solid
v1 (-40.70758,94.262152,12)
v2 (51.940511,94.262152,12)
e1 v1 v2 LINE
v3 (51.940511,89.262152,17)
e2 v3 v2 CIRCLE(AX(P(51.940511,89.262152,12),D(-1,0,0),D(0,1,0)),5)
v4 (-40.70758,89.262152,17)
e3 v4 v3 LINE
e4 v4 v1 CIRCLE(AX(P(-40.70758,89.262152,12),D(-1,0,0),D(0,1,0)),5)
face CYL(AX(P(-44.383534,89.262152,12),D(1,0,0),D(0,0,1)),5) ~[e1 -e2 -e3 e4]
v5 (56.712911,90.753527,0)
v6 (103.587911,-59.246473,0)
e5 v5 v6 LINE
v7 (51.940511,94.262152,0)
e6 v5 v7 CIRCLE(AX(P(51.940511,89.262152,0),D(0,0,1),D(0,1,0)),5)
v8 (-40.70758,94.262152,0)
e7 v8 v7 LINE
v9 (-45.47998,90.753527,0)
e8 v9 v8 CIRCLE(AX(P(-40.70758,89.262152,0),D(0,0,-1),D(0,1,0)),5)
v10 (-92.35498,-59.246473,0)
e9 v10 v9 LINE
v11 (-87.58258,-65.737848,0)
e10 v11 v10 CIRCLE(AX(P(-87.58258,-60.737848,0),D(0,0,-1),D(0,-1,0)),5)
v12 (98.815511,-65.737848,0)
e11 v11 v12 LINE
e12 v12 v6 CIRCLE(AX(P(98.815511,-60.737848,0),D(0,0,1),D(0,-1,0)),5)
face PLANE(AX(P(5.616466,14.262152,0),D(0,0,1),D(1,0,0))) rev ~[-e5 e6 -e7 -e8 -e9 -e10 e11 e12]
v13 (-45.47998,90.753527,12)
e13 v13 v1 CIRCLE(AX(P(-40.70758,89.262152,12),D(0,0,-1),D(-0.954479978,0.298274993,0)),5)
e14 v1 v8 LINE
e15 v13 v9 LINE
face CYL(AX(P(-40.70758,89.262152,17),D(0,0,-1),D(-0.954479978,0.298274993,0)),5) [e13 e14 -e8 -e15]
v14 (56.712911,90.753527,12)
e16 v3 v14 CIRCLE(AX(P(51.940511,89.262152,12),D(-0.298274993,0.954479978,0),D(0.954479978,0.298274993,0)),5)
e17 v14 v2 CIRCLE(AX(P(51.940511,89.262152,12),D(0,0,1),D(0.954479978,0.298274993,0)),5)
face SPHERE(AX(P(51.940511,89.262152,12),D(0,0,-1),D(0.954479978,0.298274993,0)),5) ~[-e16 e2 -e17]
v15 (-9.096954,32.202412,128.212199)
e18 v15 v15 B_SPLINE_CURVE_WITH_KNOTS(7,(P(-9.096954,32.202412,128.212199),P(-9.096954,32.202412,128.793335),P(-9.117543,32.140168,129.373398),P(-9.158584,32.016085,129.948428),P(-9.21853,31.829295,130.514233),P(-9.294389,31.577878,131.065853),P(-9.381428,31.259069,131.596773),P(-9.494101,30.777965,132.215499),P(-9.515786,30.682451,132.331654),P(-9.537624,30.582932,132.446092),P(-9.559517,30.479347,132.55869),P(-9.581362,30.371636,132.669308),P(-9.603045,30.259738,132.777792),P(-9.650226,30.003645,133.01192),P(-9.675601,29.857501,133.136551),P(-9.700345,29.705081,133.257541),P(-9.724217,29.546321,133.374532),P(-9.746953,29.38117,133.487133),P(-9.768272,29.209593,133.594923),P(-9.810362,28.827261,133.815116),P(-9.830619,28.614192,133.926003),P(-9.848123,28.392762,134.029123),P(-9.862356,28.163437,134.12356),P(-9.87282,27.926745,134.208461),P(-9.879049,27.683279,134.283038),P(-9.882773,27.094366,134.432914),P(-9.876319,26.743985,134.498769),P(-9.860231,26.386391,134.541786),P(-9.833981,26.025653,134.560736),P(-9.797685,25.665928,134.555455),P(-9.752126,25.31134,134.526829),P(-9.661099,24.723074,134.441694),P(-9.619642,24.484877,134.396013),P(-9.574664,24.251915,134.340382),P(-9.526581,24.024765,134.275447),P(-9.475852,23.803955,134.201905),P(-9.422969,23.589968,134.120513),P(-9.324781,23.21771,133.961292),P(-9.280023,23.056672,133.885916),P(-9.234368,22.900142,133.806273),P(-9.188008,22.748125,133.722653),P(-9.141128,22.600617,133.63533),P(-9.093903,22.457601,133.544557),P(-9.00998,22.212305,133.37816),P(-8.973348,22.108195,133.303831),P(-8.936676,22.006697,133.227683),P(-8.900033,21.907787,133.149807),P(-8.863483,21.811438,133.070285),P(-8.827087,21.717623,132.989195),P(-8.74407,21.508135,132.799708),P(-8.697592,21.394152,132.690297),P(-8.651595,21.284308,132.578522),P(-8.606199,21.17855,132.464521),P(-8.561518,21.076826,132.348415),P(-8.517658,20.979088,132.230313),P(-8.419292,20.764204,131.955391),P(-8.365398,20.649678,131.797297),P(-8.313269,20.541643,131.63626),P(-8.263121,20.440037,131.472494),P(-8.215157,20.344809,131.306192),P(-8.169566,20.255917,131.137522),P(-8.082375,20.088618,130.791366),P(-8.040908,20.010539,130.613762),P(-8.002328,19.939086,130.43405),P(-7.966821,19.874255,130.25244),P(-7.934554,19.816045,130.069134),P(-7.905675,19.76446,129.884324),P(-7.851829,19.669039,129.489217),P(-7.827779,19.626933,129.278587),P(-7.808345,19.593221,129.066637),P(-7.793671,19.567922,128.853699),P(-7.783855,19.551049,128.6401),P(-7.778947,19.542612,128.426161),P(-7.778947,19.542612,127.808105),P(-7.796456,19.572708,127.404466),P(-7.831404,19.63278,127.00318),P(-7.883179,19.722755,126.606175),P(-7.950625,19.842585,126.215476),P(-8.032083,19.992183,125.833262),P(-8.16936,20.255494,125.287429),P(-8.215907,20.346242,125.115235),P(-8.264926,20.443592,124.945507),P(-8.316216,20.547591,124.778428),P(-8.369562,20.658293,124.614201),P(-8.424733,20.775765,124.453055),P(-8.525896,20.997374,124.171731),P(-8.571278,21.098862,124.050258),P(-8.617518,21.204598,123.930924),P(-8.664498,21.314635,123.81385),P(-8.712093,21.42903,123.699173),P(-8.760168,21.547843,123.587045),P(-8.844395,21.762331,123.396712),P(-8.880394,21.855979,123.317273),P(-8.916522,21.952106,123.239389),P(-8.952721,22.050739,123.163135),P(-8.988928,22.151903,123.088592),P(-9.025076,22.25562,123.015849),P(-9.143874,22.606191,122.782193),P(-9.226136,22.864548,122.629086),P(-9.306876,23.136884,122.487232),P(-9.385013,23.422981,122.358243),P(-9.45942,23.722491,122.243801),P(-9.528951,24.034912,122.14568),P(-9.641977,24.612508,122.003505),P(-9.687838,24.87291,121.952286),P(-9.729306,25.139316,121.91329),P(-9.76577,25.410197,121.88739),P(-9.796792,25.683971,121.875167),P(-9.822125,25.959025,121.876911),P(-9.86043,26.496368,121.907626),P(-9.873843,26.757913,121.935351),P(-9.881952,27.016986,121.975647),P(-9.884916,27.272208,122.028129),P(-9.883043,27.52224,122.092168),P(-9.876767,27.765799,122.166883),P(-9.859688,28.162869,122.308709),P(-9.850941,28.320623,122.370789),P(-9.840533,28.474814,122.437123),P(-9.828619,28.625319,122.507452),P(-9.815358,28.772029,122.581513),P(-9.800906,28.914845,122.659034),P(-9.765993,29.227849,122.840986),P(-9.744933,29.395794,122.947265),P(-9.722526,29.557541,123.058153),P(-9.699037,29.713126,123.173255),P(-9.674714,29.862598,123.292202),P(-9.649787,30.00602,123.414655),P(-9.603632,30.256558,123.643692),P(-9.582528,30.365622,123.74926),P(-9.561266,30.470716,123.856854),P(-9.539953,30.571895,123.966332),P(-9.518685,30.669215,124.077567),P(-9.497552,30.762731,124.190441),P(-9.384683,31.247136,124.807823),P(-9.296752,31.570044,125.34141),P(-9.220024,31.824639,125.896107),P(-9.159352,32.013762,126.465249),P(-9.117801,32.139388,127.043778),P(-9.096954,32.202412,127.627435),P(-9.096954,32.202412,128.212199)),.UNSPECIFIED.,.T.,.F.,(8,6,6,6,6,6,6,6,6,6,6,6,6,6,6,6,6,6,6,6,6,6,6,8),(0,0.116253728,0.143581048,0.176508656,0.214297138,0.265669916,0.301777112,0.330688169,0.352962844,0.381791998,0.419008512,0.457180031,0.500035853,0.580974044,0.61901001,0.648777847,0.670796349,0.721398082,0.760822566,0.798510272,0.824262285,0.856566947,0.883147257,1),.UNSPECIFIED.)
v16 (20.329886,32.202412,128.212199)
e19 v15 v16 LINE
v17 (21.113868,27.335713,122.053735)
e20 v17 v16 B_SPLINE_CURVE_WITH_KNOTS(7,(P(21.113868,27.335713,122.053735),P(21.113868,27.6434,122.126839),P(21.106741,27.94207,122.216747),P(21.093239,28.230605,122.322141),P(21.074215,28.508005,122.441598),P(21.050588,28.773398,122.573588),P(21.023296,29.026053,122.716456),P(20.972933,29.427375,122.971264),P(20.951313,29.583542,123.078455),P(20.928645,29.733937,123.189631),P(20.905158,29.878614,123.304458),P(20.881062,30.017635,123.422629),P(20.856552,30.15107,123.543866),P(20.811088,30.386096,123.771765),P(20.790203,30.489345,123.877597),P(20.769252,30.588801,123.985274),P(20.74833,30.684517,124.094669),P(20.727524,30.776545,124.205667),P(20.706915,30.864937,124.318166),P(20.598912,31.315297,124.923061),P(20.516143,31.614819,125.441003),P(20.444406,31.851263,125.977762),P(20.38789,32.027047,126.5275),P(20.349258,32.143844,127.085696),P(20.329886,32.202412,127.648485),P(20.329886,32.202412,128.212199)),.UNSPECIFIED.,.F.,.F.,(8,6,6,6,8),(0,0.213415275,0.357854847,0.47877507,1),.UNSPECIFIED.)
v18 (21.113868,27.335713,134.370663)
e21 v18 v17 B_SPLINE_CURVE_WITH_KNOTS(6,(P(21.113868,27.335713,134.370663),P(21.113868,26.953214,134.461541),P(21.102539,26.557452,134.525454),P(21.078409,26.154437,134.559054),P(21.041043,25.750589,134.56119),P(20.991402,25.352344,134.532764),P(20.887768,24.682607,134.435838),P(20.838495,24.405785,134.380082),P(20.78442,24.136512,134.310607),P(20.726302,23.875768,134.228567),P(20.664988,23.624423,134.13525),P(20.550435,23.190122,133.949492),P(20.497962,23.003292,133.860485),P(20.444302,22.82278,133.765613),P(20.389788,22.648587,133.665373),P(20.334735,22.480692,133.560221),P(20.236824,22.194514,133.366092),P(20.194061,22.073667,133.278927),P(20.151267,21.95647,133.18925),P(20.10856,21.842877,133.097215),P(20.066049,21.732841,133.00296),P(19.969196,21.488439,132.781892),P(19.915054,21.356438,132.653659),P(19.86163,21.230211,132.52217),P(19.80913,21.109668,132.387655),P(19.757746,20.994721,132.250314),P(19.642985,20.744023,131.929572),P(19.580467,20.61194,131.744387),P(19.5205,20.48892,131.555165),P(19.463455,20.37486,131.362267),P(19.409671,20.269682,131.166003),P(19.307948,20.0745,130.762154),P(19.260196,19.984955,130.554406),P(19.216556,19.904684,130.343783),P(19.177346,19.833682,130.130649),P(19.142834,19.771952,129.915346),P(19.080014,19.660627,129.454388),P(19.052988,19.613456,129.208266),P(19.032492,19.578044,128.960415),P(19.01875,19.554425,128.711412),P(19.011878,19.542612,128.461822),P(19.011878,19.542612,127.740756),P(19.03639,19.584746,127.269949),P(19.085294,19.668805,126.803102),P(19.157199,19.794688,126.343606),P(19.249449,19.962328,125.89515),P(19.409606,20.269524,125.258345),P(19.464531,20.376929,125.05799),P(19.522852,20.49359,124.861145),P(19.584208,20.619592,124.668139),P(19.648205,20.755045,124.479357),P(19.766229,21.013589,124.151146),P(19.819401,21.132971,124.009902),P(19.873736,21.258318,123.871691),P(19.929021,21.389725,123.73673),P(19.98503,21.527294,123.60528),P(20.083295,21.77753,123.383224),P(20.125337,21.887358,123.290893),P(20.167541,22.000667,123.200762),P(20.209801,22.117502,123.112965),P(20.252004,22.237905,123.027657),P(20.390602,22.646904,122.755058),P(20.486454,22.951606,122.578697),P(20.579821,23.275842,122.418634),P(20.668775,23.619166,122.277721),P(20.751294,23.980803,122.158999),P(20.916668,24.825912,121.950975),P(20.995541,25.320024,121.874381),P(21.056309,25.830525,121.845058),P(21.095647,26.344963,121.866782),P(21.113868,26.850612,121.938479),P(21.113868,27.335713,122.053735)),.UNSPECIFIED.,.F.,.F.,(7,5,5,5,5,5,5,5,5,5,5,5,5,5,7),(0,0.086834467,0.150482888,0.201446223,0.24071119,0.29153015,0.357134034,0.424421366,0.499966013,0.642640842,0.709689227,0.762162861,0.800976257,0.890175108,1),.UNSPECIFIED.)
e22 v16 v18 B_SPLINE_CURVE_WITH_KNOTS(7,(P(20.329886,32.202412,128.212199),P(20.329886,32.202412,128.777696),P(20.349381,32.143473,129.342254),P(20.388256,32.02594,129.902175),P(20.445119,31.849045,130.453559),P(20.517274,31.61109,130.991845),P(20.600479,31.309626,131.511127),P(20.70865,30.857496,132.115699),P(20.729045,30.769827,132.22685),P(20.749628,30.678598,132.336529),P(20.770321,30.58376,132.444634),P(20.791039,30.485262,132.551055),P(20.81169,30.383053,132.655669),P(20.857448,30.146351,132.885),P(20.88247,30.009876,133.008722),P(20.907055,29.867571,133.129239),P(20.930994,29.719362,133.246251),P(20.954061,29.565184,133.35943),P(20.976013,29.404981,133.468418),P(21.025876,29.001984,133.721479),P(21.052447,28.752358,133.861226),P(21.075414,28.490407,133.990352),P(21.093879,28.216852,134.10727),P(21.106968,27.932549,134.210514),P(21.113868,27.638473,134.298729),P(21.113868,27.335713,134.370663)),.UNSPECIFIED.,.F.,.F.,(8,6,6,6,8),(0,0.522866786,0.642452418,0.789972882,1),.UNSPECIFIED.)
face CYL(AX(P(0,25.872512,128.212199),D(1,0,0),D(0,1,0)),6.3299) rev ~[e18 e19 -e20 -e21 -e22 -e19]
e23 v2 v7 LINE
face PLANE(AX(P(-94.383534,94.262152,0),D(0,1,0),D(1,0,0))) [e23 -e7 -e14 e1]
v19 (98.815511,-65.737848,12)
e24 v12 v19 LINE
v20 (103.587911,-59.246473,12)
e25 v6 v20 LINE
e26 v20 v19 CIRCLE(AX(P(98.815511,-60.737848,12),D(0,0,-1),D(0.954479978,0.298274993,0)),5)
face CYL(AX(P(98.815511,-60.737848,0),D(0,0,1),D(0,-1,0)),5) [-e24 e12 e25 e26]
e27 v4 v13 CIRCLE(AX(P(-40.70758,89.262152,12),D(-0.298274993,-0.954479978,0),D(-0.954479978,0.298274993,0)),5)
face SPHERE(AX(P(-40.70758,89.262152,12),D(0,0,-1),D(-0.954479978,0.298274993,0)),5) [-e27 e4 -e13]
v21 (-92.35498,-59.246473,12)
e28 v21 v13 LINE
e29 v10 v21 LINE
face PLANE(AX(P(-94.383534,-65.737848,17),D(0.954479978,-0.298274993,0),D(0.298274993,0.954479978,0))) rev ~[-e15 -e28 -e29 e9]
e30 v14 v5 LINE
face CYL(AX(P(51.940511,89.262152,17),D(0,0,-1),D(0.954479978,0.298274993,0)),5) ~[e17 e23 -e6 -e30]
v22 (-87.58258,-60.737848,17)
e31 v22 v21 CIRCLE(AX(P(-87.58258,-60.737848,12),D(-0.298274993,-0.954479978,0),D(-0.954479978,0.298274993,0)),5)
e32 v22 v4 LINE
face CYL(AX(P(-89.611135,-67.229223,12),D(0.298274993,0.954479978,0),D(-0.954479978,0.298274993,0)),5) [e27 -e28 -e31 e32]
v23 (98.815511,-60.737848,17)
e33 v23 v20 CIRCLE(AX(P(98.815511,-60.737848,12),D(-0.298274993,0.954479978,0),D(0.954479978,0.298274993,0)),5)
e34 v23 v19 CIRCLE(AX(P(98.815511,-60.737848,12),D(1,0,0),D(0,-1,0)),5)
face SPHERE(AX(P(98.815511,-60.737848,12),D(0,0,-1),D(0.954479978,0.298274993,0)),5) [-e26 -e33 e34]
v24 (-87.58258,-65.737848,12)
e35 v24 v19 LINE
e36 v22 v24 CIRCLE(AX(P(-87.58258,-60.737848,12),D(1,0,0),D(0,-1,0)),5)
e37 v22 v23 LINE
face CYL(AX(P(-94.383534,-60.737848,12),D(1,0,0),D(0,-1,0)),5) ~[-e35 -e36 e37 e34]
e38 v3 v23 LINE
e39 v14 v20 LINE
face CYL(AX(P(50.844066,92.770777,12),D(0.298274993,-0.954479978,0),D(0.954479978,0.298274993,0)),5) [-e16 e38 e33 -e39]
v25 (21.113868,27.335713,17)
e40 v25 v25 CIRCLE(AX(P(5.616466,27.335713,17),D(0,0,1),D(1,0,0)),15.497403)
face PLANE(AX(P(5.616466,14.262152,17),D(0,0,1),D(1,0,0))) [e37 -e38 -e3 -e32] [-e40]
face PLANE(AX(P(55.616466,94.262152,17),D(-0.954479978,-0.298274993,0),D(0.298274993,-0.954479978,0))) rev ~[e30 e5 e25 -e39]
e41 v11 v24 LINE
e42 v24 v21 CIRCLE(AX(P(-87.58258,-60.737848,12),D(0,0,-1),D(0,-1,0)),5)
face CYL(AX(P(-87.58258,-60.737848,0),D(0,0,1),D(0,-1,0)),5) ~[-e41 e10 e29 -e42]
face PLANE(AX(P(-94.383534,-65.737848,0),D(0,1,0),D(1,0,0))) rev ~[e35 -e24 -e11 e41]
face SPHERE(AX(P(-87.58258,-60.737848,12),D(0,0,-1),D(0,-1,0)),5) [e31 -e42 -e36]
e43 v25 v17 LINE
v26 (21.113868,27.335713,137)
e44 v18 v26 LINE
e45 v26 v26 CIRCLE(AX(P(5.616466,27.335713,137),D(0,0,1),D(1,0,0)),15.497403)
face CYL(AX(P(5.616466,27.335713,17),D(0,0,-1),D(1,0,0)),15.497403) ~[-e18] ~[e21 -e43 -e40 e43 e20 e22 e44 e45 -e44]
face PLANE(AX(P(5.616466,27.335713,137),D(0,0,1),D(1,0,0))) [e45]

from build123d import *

# Parameters (mm, degrees)
F0_W     = 200
F0_H     = 160
F1_DEPTH = 17
F3_DEPTH = 17.001
F4_R     = 5
F5_R     = 15.4974026332
F6_DEPTH = 120
F7_R     = 6.3299000504
F8_DEPTH = 41.6


with BuildPart() as f1:
    # F0 (on Top) → F1 (new body)
    with BuildSketch(Plane.XY):
        with Locations((5.6164655834, 14.2621519414)):
            Rectangle(F0_W, F0_H)
    extrude(amount=F1_DEPTH)

    # F2 (on face) → F3 (cut, through all)
    with BuildSketch(Plane.XY.offset(17)):
        Polygon((-94.3835344166, 94.2621519414), (-94.3835344166, -65.7378480586), (-44.3835344166, 94.2621519414), align=None)
        Polygon((55.6164655834, 94.2621519414), (105.6164655834, -65.7378480586), (105.6164655834, 94.2621519414), align=None)
    extrude(amount=-F3_DEPTH, mode=Mode.SUBTRACT)

    # F4
    f4_edges = [f1.edges().sort_by_distance(p)[0] for p in [
        (-94.383534, -65.737848, 8.5),
        (105.616466, -65.737848, 8.5),
        (55.616466, 94.262152, 8.5),
        (-44.383534, 94.262152, 8.5),
        (80.616466, 14.262152, 17),
        (5.616466, -65.737848, 17),
        (-69.383534, 14.262152, 17),
        (5.616466, 94.262152, 17),
    ]]
    fillet(f4_edges, radius=F4_R)

    # F5 (on face) → F6 (join)
    with BuildSketch(Plane.XY.offset(17)):
        with Locations((5.6164655834, 27.3357126862)):
            Circle(F5_R)
    extrude(amount=F6_DEPTH)

    # F7 (on Right) → F8 (cut, symmetric)
    with BuildSketch(Plane.YZ):
        with Locations((25.8725117892, 128.2121986151)):
            Circle(F7_R)
    extrude(amount=F8_DEPTH, both=True, mode=Mode.SUBTRACT)


solid = f1.part
